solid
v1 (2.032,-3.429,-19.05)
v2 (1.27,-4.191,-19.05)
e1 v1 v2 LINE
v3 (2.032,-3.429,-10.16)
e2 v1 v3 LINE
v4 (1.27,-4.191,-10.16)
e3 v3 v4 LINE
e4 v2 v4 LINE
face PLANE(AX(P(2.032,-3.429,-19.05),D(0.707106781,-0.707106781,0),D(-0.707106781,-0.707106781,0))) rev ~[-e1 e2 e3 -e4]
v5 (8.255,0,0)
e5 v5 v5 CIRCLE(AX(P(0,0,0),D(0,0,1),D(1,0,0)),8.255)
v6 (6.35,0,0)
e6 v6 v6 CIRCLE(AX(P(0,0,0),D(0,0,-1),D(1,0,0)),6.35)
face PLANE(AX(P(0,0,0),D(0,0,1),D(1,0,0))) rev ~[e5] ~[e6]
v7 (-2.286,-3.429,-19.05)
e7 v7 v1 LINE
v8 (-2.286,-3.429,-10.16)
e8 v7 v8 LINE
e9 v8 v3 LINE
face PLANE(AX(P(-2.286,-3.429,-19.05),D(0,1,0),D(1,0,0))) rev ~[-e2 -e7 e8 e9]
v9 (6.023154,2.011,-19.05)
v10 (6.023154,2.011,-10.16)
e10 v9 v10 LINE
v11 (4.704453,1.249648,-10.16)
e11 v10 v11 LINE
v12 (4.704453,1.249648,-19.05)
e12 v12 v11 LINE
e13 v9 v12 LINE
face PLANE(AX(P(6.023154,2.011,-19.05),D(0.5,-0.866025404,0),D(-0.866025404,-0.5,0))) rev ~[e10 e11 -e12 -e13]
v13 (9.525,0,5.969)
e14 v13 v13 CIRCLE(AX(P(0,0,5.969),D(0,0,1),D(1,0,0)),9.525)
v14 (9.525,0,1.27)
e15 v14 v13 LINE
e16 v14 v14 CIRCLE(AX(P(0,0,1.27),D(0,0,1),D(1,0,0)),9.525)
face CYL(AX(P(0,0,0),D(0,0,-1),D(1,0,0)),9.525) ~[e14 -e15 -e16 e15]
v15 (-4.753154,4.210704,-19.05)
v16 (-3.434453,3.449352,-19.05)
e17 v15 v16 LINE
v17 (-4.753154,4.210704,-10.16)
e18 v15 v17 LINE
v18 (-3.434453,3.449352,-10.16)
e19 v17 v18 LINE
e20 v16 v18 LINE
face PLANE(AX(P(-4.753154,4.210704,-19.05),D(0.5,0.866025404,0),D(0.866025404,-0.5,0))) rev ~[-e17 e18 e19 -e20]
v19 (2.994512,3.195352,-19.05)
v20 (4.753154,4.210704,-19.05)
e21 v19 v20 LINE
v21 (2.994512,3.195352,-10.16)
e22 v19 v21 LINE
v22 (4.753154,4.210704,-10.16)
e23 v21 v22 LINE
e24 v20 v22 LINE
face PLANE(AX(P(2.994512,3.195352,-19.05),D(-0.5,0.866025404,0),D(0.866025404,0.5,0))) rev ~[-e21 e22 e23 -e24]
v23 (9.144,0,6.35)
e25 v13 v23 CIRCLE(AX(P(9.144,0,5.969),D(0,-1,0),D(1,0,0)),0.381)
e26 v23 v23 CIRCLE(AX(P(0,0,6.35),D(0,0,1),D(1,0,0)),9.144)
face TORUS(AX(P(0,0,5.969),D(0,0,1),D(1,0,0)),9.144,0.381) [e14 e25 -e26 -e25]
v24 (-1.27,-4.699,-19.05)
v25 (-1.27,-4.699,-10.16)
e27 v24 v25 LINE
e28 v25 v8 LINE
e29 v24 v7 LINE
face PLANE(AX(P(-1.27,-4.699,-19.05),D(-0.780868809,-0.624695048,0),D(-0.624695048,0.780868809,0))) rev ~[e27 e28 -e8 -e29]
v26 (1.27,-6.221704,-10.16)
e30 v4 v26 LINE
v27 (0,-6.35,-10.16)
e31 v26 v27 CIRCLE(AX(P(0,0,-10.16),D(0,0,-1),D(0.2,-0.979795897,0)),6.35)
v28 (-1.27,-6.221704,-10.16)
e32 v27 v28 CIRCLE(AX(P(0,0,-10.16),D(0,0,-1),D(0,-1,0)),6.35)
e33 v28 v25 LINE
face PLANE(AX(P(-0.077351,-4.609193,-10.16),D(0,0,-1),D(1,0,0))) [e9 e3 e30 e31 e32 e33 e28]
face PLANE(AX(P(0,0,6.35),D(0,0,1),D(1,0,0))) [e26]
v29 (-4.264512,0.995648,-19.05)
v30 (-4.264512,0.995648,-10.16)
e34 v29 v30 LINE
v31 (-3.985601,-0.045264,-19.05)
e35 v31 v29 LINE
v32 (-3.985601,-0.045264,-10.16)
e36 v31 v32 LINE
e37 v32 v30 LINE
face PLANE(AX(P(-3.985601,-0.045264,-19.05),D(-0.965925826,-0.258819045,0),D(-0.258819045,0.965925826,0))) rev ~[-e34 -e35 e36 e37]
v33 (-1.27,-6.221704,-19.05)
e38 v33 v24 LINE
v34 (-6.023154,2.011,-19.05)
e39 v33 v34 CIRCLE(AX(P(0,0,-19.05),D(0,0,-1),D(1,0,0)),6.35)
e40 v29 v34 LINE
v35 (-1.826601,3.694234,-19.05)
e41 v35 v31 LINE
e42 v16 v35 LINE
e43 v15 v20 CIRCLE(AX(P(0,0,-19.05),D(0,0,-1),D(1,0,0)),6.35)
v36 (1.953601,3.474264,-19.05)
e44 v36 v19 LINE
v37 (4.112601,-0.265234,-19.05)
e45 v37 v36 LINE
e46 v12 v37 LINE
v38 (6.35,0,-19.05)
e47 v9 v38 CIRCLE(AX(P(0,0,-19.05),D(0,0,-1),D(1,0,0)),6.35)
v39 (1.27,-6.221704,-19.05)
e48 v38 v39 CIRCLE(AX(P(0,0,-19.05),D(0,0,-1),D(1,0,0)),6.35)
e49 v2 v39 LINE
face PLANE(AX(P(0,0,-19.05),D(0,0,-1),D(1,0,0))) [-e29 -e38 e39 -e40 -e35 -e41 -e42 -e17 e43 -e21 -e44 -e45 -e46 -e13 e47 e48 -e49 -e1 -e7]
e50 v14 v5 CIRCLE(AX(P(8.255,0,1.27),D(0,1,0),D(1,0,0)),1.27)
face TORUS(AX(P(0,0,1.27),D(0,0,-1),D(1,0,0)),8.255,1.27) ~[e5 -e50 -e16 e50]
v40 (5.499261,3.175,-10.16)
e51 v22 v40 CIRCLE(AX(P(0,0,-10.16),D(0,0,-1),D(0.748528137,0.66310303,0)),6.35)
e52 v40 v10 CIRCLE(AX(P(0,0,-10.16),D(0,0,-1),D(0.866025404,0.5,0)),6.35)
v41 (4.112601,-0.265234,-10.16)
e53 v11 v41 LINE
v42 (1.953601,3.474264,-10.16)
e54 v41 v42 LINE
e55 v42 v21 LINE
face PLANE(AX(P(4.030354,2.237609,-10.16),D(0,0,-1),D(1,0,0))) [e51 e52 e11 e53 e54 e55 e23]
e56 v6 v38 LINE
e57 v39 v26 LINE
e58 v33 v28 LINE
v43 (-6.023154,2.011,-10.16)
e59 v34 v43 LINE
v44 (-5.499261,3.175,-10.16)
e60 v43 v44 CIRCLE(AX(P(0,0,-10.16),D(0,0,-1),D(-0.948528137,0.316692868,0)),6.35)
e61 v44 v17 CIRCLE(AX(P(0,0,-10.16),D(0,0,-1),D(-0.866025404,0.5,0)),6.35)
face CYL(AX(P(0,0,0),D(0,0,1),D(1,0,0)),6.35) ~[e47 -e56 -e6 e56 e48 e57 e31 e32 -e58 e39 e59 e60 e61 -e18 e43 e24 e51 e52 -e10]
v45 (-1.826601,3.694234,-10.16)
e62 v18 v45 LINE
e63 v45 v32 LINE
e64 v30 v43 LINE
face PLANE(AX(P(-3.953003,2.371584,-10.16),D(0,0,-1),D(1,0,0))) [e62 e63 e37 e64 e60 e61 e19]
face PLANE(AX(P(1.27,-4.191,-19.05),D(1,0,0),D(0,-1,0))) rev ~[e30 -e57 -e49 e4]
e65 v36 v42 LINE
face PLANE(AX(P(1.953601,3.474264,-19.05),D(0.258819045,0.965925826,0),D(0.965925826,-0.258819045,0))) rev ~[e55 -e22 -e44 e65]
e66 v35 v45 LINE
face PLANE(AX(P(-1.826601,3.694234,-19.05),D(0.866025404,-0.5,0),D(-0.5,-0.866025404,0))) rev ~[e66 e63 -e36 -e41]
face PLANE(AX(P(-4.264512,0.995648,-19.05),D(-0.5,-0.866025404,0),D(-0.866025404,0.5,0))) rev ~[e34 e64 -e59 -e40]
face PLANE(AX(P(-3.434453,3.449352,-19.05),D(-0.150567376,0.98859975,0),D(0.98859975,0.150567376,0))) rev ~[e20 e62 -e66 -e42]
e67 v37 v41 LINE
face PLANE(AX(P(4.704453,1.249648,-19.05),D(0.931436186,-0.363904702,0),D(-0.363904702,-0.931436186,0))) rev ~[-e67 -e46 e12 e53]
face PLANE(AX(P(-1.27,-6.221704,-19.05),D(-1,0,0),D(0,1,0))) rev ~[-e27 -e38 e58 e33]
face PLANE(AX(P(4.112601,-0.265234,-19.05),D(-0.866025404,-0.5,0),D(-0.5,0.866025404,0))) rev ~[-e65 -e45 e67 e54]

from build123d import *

# Parameters (mm, degrees)
F0_R     = 9.525
F1_DEPTH = 6.35
F2_R     = 6.35
F3_DEPTH = 19.05
F5_DEPTH = 8.89
F6_R     = 1.27
F7_R     = 0.381


with BuildPart() as f1:
    # F0 (on Top) → F1 (new body)
    with BuildSketch(Plane.XY):
        Circle(F0_R)
    extrude(amount=F1_DEPTH)

    # F2 (on face) → F3 (join)
    with BuildSketch(Plane(origin=(0, 0, 0), x_dir=(1, 0, 0), z_dir=(0, 0, -1))):
        Circle(F2_R)
    extrude(amount=F3_DEPTH)

    # F4 (on face) → F5 (cut)
    with BuildSketch(Plane(origin=(0, 0, -19.05), x_dir=(1, 0, 0), z_dir=(0, 0, -1))):
        with BuildLine():
            ThreePointArc((1.27, 6.2217039467), (0.6382319087, 6.3178445716), (0, 6.35))
            ThreePointArc((0, 6.35), (-0.6382319087, 6.3178445716), (-1.27, 6.2217039467))
            Line((-1.27, 6.2217039467), (-1.27, 4.699))
            Line((-1.27, 4.699), (-2.286, 3.429))
            Line((-2.286, 3.429), (1.27, 3.429))
            Line((1.27, 3.429), (2.032, 3.429))
            Line((2.032, 3.429), (1.27, 4.191))
            Line((1.27, 4.191), (1.27, 6.2217039467))
        make_face()
        with BuildLine():
            Line((-4.2645124673, -0.9956477372), (-6.0231536726, -2.0109997105))
            ThreePointArc((-6.0231536726, -2.0109997105), (-5.7905298505, -2.6061972393), (-5.499261314, -3.175))
            ThreePointArc((-5.499261314, -3.175), (-5.1522979418, -3.7116473323), (-4.7531536726, -4.2107042361))
            Line((-4.7531536726, -4.2107042361), (-3.4344533724, -3.4493522628))
            Line((-3.4344533724, -3.4493522628), (-1.8266011096, -3.6942340731))
            Line((-1.8266011096, -3.6942340731), (-3.9856011096, 0.0452636205))
            Line((-3.9856011096, 0.0452636205), (-4.2645124673, -0.9956477372))
        make_face()
        with BuildLine():
            ThreePointArc((5.499261314, -3.175), (5.7905298505, -2.6061972393), (6.0231536726, -2.0109997105))
            Line((6.0231536726, -2.0109997105), (4.7044533724, -1.2496477372))
            Line((4.7044533724, -1.2496477372), (4.1126011096, 0.2652340731))
            Line((4.1126011096, 0.2652340731), (1.9536011096, -3.4742636205))
            Line((1.9536011096, -3.4742636205), (2.9945124673, -3.1953522628))
            Line((2.9945124673, -3.1953522628), (4.7531536726, -4.2107042361))
            ThreePointArc((4.7531536726, -4.2107042361), (5.1522979418, -3.7116473323), (5.499261314, -3.175))
        make_face()
    extrude(amount=-F5_DEPTH, mode=Mode.SUBTRACT)

    # F6
    f6_edges = [f1.edges().sort_by_distance(p)[0] for p in [
        (-9.525, 0, 0),
    ]]
    fillet(f6_edges, radius=F6_R)

    # F7
    f7_edges = [f1.edges().sort_by_distance(p)[0] for p in [
        (-9.525, 0, 6.35),
    ]]
    fillet(f7_edges, radius=F7_R)


solid = f1.part
